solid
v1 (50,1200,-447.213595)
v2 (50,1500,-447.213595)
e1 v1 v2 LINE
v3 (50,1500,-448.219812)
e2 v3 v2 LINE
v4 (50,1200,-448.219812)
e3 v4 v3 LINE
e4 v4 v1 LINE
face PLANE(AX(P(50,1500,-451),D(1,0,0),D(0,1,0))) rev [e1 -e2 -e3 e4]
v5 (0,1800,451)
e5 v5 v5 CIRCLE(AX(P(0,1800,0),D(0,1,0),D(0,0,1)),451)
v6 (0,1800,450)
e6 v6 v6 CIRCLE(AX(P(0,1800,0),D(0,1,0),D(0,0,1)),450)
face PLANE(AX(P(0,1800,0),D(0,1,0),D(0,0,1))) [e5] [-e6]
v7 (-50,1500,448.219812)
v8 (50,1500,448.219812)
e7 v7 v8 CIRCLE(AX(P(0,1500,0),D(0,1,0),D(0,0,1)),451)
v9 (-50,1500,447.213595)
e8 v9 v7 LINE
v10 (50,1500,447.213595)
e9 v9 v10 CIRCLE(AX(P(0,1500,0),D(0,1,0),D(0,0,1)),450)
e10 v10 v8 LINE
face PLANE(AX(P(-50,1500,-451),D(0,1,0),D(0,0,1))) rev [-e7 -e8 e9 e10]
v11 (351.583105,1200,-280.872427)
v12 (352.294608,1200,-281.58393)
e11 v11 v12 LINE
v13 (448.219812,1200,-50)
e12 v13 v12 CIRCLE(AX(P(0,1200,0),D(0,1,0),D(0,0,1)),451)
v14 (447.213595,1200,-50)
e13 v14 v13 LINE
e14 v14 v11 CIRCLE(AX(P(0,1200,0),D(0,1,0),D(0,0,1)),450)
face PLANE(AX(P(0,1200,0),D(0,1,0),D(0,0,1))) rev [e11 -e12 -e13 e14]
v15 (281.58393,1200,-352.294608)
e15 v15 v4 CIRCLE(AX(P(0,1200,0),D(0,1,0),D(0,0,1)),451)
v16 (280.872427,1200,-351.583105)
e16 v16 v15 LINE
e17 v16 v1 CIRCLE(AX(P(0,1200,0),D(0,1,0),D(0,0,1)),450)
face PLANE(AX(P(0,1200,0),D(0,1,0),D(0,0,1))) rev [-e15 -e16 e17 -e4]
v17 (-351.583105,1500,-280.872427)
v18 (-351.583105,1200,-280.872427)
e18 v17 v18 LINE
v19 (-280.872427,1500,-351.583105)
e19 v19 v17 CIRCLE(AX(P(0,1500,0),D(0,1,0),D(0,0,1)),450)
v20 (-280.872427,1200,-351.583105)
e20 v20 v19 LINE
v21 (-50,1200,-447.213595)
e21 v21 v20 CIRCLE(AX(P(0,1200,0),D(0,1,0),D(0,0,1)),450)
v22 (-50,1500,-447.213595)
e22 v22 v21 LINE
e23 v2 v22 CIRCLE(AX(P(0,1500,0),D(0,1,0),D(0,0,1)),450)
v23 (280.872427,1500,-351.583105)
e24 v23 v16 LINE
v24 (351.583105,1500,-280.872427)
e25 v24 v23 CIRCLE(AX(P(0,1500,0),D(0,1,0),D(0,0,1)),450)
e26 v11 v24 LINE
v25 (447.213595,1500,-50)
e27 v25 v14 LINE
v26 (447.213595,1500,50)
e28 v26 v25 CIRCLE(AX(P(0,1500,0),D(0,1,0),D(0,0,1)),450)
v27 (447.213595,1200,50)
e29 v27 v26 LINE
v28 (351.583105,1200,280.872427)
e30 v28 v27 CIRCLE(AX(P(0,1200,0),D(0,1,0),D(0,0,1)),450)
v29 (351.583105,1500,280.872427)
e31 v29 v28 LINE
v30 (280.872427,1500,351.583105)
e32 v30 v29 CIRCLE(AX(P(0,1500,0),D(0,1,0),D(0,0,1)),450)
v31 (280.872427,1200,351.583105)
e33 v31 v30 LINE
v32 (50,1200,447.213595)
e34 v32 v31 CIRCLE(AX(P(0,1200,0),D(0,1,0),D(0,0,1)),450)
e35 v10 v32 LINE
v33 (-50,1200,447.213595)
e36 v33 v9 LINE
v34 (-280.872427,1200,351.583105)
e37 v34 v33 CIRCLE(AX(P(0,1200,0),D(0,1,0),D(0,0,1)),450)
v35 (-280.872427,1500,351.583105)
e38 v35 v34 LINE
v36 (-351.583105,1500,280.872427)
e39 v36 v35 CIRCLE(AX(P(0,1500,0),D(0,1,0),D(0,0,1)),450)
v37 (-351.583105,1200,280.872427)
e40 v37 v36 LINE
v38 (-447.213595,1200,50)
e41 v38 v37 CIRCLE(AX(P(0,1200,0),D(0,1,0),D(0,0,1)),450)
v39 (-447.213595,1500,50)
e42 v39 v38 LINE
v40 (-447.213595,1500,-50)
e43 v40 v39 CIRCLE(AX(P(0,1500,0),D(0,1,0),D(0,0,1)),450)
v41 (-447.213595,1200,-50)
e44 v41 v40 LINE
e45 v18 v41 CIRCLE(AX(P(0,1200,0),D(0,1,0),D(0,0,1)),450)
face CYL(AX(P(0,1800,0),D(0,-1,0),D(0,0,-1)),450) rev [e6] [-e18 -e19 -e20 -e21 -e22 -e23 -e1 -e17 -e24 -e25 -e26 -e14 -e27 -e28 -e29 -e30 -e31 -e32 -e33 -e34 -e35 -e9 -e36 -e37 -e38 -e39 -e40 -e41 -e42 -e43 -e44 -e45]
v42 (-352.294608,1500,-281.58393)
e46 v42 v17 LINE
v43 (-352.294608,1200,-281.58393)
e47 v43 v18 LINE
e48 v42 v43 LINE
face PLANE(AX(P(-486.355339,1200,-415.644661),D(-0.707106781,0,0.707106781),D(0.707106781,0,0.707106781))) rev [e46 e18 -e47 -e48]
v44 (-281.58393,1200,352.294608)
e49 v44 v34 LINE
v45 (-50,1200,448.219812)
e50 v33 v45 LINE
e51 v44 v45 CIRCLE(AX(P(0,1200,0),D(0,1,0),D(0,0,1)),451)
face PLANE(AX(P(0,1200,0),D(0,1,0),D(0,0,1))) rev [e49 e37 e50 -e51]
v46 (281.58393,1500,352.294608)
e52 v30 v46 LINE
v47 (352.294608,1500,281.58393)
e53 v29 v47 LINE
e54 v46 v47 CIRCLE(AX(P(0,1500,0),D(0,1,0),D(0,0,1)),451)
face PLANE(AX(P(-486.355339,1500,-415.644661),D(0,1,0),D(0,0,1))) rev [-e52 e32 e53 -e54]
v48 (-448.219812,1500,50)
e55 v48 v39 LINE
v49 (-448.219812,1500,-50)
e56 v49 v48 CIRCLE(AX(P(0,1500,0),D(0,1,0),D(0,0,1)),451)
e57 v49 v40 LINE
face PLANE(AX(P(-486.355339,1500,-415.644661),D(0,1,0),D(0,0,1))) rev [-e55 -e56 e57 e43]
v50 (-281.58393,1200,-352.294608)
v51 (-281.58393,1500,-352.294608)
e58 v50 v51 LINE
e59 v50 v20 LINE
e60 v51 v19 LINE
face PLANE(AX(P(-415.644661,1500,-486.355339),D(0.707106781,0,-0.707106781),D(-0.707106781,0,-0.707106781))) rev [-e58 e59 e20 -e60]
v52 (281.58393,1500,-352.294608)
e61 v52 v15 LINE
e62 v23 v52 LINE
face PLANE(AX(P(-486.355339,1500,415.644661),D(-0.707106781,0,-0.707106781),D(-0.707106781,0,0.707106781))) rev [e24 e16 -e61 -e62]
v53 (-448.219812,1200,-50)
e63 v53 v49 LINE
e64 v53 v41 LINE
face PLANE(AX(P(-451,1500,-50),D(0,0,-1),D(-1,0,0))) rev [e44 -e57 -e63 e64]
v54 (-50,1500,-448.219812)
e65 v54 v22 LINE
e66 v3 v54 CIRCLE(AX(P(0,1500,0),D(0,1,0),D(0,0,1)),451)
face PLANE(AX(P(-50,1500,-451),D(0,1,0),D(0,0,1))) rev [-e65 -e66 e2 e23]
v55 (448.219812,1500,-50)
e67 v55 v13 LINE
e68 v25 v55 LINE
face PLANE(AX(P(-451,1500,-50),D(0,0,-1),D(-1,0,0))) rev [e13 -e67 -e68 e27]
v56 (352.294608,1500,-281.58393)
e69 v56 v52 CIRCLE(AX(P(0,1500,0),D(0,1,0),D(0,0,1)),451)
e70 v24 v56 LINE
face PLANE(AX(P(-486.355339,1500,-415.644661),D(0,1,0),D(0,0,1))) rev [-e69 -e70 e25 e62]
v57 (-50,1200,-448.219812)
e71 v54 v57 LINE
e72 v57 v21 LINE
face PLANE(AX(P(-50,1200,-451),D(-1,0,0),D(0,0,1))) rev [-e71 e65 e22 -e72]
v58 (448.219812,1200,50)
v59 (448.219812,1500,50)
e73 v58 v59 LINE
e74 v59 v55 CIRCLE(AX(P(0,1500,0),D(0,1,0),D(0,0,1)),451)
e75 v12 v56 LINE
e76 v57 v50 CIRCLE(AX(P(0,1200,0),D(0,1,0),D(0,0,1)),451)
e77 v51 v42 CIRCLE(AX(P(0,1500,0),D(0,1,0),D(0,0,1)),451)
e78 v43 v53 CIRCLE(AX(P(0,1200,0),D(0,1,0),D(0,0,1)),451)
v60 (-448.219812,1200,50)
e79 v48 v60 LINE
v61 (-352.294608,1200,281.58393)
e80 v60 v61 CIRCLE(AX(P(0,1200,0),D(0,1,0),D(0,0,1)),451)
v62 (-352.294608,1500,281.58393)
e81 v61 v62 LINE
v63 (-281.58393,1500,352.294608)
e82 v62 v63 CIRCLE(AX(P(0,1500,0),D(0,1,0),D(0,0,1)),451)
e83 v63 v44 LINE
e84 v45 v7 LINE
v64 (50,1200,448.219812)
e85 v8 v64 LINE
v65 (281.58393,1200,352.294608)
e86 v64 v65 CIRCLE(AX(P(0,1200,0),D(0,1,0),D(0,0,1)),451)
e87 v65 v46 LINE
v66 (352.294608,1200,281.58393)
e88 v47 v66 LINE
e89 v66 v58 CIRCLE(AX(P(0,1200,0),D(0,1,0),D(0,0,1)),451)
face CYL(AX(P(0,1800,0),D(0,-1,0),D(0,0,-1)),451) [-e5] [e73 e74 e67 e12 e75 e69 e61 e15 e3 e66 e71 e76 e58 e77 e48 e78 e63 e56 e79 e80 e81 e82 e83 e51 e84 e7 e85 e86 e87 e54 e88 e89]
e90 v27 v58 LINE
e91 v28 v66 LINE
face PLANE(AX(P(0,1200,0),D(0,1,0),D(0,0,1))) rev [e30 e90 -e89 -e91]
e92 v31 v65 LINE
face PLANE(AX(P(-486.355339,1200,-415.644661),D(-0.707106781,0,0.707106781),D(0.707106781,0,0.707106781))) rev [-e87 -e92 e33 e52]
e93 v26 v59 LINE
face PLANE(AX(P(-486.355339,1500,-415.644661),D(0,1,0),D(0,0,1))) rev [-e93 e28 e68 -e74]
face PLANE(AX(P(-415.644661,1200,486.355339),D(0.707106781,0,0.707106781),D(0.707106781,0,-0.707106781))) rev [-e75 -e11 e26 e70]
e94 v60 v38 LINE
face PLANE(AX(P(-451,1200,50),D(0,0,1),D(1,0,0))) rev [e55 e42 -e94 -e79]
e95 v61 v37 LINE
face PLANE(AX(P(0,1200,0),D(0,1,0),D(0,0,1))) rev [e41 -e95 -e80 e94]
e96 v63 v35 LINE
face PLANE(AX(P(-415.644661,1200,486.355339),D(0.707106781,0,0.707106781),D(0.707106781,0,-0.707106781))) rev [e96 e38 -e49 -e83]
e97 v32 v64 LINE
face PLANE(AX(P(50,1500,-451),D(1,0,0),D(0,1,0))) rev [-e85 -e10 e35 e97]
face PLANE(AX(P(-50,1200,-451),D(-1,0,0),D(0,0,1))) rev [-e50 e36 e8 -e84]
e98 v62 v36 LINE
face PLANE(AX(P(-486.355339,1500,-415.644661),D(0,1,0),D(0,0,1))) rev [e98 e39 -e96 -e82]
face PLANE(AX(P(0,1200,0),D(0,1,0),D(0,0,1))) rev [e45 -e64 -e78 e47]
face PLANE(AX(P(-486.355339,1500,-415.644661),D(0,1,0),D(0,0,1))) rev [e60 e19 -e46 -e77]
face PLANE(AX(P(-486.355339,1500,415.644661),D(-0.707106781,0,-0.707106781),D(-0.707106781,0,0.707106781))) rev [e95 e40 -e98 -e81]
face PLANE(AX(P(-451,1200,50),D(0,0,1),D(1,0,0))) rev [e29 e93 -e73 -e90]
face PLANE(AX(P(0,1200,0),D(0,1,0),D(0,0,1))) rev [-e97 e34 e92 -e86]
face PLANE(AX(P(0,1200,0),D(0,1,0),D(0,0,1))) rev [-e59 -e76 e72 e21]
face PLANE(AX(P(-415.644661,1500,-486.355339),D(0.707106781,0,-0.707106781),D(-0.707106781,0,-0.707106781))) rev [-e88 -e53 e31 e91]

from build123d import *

# Parameters (mm, degrees)
SKETCH1_R           = 451
SKETCH1_R_2         = 450
BOSS_EXTRUDE1_DEPTH = 600
SKETCH10_W          = 100
SKETCH10_H          = 300
CUT_EXTRUDE1_DEPTH  = 1910.660179194
CIRPATTERN1_COUNT   = 4
CIRPATTERN1_ANGLE   = 135


with BuildPart() as part:
    # Sketch1 → Boss-Extrude1 (new body)
    with BuildSketch(Plane(origin=(0, 1200, 0), x_dir=(1, 0, 0), z_dir=(0, 1, 0))):
        Circle(SKETCH1_R)
        Circle(SKETCH1_R_2, mode=Mode.SUBTRACT)
    extrude(amount=BOSS_EXTRUDE1_DEPTH)

    # Sketch10 → Cut-Extrude1 (cut, symmetric)
    with BuildSketch(Plane.XY):
        with Locations((0, 1350)):
            Rectangle(SKETCH10_W, SKETCH10_H)
    cut_extrude1 = extrude(amount=CUT_EXTRUDE1_DEPTH, both=True, mode=Mode.SUBTRACT)

    # CirPattern1: Cut-Extrude1 ×4 about axis
    cirpattern1_axis = Axis((0, 1167.8, 0), (0, 1, 0))
    for i in range(1, CIRPATTERN1_COUNT):
        add(cut_extrude1.rotate(cirpattern1_axis, i * CIRPATTERN1_ANGLE / (CIRPATTERN1_COUNT - 1)), mode=Mode.SUBTRACT)


solid = part.part
